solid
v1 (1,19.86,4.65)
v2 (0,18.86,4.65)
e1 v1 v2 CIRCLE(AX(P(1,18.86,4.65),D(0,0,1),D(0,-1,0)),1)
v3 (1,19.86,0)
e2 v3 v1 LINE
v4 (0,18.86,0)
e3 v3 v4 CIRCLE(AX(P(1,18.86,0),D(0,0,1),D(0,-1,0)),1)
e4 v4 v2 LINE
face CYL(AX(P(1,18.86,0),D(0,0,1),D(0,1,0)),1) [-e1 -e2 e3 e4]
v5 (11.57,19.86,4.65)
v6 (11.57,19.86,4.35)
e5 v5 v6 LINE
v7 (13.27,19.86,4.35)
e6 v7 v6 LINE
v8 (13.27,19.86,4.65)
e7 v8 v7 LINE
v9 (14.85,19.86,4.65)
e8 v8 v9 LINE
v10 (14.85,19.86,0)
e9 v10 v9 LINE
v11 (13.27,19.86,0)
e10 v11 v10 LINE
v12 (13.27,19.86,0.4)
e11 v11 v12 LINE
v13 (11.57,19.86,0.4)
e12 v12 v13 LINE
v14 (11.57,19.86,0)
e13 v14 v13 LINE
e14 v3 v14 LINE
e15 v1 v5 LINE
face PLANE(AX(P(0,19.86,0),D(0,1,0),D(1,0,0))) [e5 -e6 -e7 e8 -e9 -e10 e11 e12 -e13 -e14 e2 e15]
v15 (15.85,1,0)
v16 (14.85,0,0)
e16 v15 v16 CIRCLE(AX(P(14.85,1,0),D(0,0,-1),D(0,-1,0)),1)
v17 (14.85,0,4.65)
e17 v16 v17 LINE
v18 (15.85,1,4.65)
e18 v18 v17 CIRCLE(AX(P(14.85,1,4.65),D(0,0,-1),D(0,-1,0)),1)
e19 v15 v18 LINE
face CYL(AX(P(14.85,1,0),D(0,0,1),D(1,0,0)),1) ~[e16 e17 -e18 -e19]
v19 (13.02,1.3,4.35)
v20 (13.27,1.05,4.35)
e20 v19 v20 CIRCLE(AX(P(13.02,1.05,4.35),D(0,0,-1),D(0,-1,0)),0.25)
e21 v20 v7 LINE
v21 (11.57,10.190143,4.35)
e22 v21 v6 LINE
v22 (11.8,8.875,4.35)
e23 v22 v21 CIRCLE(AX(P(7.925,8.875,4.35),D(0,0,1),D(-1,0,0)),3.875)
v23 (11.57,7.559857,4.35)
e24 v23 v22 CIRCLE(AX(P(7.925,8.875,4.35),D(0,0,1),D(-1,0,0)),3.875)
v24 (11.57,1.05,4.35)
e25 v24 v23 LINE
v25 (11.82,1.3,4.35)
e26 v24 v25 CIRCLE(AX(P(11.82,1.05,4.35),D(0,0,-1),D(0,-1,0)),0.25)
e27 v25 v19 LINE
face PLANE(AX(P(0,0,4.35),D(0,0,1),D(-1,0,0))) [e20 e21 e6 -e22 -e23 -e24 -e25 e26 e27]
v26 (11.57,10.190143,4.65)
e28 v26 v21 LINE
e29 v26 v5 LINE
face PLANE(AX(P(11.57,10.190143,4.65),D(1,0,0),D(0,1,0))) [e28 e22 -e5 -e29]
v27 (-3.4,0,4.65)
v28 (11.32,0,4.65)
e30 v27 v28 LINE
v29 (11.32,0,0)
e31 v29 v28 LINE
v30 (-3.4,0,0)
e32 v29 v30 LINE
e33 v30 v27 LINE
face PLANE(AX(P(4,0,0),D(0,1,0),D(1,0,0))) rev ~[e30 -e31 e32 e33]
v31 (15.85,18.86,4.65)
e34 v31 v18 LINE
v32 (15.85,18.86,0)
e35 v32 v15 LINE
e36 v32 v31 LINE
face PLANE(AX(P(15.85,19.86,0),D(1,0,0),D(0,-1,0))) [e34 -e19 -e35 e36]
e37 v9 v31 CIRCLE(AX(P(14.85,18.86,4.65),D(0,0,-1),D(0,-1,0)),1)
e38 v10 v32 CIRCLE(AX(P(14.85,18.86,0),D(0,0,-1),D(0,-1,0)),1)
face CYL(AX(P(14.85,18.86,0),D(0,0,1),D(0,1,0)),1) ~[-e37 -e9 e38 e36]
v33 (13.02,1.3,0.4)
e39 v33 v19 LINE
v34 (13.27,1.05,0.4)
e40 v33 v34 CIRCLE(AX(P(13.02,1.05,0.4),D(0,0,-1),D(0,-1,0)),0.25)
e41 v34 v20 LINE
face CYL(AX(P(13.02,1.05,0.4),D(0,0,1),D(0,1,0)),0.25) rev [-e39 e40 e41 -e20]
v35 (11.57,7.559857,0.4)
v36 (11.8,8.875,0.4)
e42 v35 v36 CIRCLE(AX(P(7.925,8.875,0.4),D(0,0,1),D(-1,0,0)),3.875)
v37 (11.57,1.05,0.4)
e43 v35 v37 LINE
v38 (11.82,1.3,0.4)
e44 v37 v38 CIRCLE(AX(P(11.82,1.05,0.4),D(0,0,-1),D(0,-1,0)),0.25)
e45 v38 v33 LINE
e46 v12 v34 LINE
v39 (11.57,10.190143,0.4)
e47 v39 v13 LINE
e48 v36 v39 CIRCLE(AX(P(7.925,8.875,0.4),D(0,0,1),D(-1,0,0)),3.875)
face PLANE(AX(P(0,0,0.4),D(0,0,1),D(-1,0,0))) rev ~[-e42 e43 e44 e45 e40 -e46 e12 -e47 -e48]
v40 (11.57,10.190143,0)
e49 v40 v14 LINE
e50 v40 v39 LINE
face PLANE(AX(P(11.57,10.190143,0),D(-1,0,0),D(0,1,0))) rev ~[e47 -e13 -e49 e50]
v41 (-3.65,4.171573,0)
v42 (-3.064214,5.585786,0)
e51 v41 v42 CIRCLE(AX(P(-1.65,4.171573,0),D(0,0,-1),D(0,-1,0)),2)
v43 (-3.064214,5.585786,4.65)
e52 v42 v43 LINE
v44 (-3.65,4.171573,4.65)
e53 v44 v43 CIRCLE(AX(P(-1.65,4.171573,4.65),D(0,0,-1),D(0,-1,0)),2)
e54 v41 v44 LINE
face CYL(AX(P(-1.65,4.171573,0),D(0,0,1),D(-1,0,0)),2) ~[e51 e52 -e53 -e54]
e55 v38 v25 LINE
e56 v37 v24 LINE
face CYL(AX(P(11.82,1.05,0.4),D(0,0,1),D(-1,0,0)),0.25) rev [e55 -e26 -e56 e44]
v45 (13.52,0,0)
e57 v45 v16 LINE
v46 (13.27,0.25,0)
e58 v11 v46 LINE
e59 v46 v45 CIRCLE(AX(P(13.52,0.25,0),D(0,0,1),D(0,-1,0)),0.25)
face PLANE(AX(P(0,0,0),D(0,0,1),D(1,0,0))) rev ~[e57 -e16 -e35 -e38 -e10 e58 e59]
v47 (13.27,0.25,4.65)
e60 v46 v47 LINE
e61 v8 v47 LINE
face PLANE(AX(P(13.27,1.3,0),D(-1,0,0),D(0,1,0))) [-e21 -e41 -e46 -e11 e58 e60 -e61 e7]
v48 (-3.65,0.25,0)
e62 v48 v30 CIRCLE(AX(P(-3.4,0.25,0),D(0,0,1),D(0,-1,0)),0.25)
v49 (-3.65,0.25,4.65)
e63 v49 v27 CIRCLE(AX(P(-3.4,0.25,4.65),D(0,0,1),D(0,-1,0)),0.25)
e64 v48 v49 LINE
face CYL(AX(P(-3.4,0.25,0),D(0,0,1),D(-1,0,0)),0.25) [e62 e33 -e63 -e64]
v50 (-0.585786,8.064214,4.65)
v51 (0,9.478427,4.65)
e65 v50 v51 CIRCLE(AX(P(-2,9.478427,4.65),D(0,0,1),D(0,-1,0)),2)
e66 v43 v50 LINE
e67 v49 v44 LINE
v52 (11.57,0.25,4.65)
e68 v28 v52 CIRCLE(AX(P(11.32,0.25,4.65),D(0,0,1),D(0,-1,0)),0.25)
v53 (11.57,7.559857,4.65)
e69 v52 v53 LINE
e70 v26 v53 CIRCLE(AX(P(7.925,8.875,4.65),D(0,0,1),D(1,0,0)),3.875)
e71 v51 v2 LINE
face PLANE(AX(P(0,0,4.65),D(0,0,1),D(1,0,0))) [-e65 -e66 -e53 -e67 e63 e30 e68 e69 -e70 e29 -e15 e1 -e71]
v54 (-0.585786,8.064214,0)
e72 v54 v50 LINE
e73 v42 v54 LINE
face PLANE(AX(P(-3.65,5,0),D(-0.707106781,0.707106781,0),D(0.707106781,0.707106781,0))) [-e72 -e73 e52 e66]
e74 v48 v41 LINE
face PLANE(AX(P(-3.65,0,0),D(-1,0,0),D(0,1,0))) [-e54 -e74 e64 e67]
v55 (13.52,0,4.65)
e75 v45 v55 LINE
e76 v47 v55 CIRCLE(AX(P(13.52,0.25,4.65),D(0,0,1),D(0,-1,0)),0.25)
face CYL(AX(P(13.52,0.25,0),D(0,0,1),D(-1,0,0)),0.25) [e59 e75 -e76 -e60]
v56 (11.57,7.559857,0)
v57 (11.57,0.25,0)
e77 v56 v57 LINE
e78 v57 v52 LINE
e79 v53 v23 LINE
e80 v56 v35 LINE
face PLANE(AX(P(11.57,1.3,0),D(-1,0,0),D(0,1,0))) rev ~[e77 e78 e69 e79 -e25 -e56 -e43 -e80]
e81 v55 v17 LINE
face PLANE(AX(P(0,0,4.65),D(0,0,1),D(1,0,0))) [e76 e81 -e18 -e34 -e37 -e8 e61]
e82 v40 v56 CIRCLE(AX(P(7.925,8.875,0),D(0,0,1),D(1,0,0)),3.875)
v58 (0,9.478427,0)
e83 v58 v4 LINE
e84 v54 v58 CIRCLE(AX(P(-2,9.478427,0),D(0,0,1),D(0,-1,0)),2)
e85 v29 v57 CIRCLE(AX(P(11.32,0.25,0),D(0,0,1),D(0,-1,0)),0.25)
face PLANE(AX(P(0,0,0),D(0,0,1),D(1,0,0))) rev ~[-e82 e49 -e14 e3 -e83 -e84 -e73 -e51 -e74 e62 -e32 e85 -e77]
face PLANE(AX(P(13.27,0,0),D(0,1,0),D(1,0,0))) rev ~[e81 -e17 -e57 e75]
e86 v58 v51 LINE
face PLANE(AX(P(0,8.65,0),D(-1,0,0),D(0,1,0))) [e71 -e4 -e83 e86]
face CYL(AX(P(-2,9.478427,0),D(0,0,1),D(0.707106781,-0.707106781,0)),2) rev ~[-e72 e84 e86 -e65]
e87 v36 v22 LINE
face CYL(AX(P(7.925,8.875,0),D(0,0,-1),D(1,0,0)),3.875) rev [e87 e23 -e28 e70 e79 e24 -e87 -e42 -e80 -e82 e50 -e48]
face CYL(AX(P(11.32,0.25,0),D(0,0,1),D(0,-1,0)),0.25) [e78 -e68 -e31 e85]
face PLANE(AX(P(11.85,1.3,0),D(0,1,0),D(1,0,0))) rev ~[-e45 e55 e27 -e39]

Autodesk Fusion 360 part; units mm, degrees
sketch "Skizze1" plane through (0, 0, 0) normal (0, 0, 1) x (1, 0, 0)
  line L0 (0, 19.86) -> (15.85, 19.86)
  line L1 (15.85, 19.86) -> (15.85, 0)
  circle A0 centre (7.925, 8.925) radius 3.925 construction
  line L2 (-3.65, 5) -> (15.85, 5) construction
  line L3 (4, 19.86) -> (4, 0) construction
  line L4 (0, 0) -> (4, 0)
  line L5 (4, 0) -> (11.57, 0)
  line L6 (11.85, 1.3) -> (13.27, 1.3)
  line L7 (13.27, 1.3) -> (13.27, 0)
  line L8 (13.27, 0) -> (15.85, 0)
  line L9 (11.85, 19.86) -> (11.85, 1.3) construction
  line L10 (11.57, 0) -> (11.57, 1.3)
  line L11 (11.57, 1.3) -> (11.85, 1.3)
  line L12 (11.57, 0) -> (13.27, 0) construction
  line L13 (0, 0) -> (-3.65, 0)
  line L14 (-3.65, 0) -> (-3.65, 5)
  line L15 (-3.65, 5) -> (0, 8.65)
  line L16 (0, 8.65) -> (0, 19.86)
  line L17 (0, 0) -> (0, 8.65) construction
  circle A1 centre (7.925, 8.875) radius 3.875
  line L18 (7.925, 8.875) -> (7.925, 8.925) construction
  dimension "d1" = 7.85
  dimension "d2" = 5
  dimension "d3" = 19.86
  dimension "d4" = 4
  dimension "d5" = 0.28
  dimension "d6" = 1.42
  dimension "d7" = 1.3
  dimension "d8" = 4
  dimension "d9" = 7.65
  dimension "d10" = 5
  dimension "d11" = 135
  dimension "d27" = 7.75
extrude "Extrusion1" add sketch "Skizze1" along normal blind 4.65
sketch "Skizze2" plane through (0, 0, 4.65) normal (0, 0, 1) x (-1, 0, 0)
  line L0 (3.65, 0) -> (-11.57, 0)
  line L1 (-11.57, 0) -> (-11.57, -1.3)
  line L2 (-11.57, -1.3) -> (-13.27, -1.3)
  line L3 (-13.27, -1.3) -> (-13.27, 0)
  line L4 (-13.27, 0) -> (-15.85, 0)
  line L5 (-15.85, 0) -> (-15.85, -19.86)
  line L6 (-15.85, -19.86) -> (0, -19.86)
  line L7 (0, -19.86) -> (0, -8.65)
  line L8 (0, -8.65) -> (3.65, -5)
  line L9 (3.65, -5) -> (3.65, 0)
  line L10 (-11.57, -1.3) -> (-11.57, -19.86)
  line L11 (-11.57, -1.3) -> (-13.27, -1.3)
  line L12 (-13.27, -1.3) -> (-13.27, -19.86)
  line L13 (-13.27, -19.86) -> (-11.57, -19.86)
  circle A0 centre (-7.925, -8.875) radius 3.875
extrude "Extrusion2" cut sketch "Skizze2" against normal blind 0.3 contours L2 L6 L10 L11 L12 L13 A0
extrude "Extrusion3" cut sketch "Skizze2" along normal blind 0.4 from surface at -4.65 contours L2 L6 L10 L11 L12 L13 A0
fillet "Abrundung1" radius 1 3 edges at (0, 19.86, 2.325) (15.85, 19.86, 2.325) (15.85, 0, 2.325)
fillet "Abrundung2" radius 0.25 1 edges at (-3.65, 0, 2.325)
fillet "Abrundung3" radius 2 2 edges at (-3.65, 5, 2.325) (0, 8.65, 2.325)
fillet "Abrundung4" radius 0.25 4 edges at (13.27, 0, 2.325) (11.57, 0, 2.325) (11.57, 1.3, 2.375) (13.27, 1.3, 2.375)
equation "d1 = 7.6 mm + 0.25 mm"
equation "d3 = 14 mm + 5.3 mm + 1.2 mm - 0.5 mm - 0.1 mm - 0.04 mm"
